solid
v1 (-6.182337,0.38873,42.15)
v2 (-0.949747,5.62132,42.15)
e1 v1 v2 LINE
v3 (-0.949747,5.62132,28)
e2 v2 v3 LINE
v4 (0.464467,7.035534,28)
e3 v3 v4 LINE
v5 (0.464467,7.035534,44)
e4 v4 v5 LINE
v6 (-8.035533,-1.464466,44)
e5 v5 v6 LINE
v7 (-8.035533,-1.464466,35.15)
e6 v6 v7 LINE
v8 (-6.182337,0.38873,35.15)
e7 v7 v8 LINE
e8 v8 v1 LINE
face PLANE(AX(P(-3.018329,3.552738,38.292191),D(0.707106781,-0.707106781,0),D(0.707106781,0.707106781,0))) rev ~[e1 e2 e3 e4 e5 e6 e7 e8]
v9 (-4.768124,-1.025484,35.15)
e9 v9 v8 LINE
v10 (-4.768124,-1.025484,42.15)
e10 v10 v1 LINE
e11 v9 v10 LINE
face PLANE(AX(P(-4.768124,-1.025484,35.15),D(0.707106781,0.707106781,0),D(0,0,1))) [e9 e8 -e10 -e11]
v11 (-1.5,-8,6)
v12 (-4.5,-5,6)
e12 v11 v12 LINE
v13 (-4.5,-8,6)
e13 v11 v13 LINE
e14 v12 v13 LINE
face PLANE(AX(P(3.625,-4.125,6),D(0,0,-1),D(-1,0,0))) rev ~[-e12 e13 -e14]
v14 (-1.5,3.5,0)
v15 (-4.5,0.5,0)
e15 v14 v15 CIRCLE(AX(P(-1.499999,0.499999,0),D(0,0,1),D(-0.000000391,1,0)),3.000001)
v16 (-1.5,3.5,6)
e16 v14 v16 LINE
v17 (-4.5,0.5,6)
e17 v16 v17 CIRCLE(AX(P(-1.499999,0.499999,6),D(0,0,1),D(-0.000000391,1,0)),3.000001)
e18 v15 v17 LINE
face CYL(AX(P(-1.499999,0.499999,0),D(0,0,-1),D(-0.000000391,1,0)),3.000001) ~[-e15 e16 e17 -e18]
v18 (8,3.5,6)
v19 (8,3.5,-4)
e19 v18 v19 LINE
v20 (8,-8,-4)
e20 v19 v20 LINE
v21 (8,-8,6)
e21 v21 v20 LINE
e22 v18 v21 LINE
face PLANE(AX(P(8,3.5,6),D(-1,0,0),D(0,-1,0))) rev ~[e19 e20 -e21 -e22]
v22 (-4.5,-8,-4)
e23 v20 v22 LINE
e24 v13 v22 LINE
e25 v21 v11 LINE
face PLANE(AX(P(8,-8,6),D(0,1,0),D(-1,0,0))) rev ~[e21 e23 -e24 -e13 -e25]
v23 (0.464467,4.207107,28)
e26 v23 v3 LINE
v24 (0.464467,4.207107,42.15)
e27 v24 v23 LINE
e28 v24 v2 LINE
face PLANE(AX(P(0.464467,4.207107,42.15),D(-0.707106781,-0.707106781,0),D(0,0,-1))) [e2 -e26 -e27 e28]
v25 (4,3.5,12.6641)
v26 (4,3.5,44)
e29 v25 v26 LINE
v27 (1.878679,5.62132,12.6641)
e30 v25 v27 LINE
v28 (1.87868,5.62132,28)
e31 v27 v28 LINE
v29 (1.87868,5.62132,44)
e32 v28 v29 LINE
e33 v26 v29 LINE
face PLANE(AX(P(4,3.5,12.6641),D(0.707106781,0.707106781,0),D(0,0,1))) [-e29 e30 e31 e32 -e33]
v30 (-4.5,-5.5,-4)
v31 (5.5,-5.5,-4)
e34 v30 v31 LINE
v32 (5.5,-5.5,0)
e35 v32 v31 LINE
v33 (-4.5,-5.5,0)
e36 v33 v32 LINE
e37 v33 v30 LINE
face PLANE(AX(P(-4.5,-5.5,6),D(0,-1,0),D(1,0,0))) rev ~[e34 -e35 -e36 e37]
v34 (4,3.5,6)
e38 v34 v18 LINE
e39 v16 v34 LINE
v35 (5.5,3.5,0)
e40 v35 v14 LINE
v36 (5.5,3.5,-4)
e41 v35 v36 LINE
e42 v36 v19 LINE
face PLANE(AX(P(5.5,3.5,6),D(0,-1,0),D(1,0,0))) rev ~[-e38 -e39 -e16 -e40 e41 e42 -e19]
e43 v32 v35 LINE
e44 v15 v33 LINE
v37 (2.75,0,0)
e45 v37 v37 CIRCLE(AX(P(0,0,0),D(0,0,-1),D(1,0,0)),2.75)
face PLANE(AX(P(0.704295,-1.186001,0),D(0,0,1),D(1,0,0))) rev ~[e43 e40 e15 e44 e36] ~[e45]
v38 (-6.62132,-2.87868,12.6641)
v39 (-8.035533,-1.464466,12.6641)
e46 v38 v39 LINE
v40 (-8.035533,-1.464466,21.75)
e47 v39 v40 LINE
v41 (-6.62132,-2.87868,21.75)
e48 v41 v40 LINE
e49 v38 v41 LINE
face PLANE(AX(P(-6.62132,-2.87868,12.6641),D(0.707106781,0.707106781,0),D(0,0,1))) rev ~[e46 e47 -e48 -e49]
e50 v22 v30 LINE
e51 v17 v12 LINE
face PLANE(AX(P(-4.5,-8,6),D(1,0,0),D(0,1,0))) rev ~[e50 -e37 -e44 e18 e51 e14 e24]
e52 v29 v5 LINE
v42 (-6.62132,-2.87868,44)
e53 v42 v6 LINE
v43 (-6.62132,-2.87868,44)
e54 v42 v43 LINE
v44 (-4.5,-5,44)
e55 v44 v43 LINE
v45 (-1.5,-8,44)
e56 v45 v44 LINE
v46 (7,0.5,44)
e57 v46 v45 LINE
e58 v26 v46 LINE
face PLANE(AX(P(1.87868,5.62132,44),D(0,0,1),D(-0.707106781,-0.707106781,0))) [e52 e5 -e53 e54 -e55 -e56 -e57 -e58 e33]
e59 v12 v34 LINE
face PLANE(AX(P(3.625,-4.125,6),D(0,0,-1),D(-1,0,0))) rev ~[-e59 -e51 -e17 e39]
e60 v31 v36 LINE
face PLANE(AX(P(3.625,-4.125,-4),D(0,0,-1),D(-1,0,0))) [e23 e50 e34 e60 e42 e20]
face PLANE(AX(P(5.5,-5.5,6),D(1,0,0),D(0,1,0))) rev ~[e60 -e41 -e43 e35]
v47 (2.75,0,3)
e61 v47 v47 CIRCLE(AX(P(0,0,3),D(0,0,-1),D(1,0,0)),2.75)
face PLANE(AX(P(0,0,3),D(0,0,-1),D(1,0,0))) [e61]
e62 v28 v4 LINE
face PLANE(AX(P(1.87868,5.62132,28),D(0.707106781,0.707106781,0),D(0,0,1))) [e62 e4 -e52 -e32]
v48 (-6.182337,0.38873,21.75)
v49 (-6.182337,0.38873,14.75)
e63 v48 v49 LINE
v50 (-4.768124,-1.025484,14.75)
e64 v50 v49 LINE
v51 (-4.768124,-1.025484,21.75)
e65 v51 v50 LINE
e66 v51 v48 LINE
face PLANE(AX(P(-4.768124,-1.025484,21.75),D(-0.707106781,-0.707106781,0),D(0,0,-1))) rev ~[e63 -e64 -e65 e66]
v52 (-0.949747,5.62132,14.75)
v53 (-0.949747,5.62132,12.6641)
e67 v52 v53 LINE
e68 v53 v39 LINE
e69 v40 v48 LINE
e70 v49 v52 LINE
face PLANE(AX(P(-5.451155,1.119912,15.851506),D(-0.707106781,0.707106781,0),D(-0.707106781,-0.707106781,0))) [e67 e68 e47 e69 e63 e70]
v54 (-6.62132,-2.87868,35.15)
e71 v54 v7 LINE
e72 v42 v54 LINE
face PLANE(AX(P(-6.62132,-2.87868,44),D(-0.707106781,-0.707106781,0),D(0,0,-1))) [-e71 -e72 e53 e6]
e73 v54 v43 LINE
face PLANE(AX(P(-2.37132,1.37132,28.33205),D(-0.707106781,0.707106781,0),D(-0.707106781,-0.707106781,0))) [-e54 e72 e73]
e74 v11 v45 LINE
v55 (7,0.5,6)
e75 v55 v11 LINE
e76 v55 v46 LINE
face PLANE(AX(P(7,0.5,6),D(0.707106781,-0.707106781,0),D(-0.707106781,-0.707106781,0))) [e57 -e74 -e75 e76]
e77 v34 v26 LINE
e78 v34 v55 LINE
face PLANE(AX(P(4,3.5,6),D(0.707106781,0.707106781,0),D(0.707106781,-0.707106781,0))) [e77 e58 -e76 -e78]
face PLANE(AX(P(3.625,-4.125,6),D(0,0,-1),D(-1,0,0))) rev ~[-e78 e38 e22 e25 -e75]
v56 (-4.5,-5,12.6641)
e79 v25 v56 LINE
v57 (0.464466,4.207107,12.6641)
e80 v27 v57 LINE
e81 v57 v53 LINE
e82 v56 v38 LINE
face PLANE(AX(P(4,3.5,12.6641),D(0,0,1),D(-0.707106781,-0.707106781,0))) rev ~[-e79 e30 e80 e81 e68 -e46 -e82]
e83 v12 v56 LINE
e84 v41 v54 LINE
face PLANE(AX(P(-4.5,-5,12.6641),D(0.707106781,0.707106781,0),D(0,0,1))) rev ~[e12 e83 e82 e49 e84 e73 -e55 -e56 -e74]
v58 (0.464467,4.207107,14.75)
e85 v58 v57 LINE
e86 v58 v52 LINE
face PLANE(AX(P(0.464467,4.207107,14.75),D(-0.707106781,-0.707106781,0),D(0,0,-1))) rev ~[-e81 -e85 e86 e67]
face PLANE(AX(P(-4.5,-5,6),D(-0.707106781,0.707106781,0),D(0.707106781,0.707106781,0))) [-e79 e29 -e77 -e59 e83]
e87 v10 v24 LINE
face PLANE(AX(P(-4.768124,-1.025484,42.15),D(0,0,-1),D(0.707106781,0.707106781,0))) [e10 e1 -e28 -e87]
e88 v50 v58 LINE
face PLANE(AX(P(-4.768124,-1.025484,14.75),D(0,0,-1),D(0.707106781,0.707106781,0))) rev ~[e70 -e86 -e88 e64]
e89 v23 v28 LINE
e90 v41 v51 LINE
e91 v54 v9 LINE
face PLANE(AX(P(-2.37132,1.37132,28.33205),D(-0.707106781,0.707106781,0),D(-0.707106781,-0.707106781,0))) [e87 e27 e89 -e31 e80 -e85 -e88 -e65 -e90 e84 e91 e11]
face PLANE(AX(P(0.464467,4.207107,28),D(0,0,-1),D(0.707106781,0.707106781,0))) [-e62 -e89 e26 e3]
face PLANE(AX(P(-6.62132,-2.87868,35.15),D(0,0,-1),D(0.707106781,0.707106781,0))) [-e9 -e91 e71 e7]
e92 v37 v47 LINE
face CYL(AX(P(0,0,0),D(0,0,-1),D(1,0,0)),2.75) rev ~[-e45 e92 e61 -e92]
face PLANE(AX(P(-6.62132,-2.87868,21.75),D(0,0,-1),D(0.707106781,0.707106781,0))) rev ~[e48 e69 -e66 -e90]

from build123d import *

# Parameters (mm, degrees)
PAD003_DEPTH    = 6
PAD022_DEPTH    = 10
SKETCH041_R     = 2.75
POCKET007_DEPTH = 3
PAD023_DEPTH    = 38
SKETCH043_W     = 12.020815
SKETCH043_H     = 31.3359
PAD024_DEPTH    = 3
PAD025_DEPTH    = 2


with BuildPart() as part:
    # Sketch013 → Pad003 (new body)
    with BuildSketch(Plane.XY):
        with BuildLine():
            Line((5.5, -5.5), (5.5, 3.5))
            Line((5.5, 3.5), (-1.5, 3.5))
            ThreePointArc((-1.5, 3.5), (-3.62132, 2.62132), (-4.5, 0.5))
            Line((-4.5, 0.5), (-4.5, -5.5))
            Line((-4.5, -5.5), (5.5, -5.5))
        make_face()
    extrude(amount=PAD003_DEPTH)

    # Sketch040 (on Face7 of Pad003) → Pad022 (new body)
    with BuildSketch(Plane.XY.offset(6)):
        Polygon((5.5, 3.5), (8, 3.5), (8, -8), (-4.5, -8), (-4.5, -5.5), (5.5, -5.5), align=None)
    extrude(amount=-PAD022_DEPTH)

    # Sketch041 (on Face4 of Pad022) → Pocket007 (cut)
    with BuildSketch(Plane(origin=(0, 0, 0), x_dir=(1, 0, 0), z_dir=(0, 0, -1))):
        Circle(SKETCH041_R)
    extrude(amount=-POCKET007_DEPTH, mode=Mode.SUBTRACT)

    # Sketch042 (on Face4 of Pocket007) → Pad023 (new body)
    with BuildSketch(Plane.XY.offset(6)):
        Polygon((-4.5, -5), (4, 3.5), (7, 0.5), (-1.5, -8), align=None)
    extrude(amount=PAD023_DEPTH)

    # Sketch043 (on Face15 of Pad023) → Pad024 (new body)
    with BuildSketch(Plane(origin=(0.25, -0.25, 0), x_dir=(-0.707107, -0.707107, 0), z_dir=(-0.707107, 0.707107, 0))):
        with Locations((0.707107, 28.33205)):
            Rectangle(SKETCH043_W, SKETCH043_H)
    extrude(amount=PAD024_DEPTH)

    # Sketch044 (on Face18 of Pad024) → Pad025 (new body)
    with BuildSketch(Plane(origin=(-1.87132, 1.87132, 0), x_dir=(-0.707107, -0.707107, 0), z_dir=(-0.707107, 0.707107, 0))):
        Polygon((-5.303301, 44), (6.717514, 44), (6.717514, 35.15), (4.096699, 35.15), (4.096699, 42.15), (-3.303301, 42.15), (-3.303301, 28), (-5.303301, 28), align=None)
        Polygon((4.096699, 14.75), (-3.303301, 14.75), (-3.303301, 12.6641), (6.717514, 12.6641), (6.717514, 21.75), (4.096699, 21.75), align=None)
    extrude(amount=PAD025_DEPTH)


solid = part.part
